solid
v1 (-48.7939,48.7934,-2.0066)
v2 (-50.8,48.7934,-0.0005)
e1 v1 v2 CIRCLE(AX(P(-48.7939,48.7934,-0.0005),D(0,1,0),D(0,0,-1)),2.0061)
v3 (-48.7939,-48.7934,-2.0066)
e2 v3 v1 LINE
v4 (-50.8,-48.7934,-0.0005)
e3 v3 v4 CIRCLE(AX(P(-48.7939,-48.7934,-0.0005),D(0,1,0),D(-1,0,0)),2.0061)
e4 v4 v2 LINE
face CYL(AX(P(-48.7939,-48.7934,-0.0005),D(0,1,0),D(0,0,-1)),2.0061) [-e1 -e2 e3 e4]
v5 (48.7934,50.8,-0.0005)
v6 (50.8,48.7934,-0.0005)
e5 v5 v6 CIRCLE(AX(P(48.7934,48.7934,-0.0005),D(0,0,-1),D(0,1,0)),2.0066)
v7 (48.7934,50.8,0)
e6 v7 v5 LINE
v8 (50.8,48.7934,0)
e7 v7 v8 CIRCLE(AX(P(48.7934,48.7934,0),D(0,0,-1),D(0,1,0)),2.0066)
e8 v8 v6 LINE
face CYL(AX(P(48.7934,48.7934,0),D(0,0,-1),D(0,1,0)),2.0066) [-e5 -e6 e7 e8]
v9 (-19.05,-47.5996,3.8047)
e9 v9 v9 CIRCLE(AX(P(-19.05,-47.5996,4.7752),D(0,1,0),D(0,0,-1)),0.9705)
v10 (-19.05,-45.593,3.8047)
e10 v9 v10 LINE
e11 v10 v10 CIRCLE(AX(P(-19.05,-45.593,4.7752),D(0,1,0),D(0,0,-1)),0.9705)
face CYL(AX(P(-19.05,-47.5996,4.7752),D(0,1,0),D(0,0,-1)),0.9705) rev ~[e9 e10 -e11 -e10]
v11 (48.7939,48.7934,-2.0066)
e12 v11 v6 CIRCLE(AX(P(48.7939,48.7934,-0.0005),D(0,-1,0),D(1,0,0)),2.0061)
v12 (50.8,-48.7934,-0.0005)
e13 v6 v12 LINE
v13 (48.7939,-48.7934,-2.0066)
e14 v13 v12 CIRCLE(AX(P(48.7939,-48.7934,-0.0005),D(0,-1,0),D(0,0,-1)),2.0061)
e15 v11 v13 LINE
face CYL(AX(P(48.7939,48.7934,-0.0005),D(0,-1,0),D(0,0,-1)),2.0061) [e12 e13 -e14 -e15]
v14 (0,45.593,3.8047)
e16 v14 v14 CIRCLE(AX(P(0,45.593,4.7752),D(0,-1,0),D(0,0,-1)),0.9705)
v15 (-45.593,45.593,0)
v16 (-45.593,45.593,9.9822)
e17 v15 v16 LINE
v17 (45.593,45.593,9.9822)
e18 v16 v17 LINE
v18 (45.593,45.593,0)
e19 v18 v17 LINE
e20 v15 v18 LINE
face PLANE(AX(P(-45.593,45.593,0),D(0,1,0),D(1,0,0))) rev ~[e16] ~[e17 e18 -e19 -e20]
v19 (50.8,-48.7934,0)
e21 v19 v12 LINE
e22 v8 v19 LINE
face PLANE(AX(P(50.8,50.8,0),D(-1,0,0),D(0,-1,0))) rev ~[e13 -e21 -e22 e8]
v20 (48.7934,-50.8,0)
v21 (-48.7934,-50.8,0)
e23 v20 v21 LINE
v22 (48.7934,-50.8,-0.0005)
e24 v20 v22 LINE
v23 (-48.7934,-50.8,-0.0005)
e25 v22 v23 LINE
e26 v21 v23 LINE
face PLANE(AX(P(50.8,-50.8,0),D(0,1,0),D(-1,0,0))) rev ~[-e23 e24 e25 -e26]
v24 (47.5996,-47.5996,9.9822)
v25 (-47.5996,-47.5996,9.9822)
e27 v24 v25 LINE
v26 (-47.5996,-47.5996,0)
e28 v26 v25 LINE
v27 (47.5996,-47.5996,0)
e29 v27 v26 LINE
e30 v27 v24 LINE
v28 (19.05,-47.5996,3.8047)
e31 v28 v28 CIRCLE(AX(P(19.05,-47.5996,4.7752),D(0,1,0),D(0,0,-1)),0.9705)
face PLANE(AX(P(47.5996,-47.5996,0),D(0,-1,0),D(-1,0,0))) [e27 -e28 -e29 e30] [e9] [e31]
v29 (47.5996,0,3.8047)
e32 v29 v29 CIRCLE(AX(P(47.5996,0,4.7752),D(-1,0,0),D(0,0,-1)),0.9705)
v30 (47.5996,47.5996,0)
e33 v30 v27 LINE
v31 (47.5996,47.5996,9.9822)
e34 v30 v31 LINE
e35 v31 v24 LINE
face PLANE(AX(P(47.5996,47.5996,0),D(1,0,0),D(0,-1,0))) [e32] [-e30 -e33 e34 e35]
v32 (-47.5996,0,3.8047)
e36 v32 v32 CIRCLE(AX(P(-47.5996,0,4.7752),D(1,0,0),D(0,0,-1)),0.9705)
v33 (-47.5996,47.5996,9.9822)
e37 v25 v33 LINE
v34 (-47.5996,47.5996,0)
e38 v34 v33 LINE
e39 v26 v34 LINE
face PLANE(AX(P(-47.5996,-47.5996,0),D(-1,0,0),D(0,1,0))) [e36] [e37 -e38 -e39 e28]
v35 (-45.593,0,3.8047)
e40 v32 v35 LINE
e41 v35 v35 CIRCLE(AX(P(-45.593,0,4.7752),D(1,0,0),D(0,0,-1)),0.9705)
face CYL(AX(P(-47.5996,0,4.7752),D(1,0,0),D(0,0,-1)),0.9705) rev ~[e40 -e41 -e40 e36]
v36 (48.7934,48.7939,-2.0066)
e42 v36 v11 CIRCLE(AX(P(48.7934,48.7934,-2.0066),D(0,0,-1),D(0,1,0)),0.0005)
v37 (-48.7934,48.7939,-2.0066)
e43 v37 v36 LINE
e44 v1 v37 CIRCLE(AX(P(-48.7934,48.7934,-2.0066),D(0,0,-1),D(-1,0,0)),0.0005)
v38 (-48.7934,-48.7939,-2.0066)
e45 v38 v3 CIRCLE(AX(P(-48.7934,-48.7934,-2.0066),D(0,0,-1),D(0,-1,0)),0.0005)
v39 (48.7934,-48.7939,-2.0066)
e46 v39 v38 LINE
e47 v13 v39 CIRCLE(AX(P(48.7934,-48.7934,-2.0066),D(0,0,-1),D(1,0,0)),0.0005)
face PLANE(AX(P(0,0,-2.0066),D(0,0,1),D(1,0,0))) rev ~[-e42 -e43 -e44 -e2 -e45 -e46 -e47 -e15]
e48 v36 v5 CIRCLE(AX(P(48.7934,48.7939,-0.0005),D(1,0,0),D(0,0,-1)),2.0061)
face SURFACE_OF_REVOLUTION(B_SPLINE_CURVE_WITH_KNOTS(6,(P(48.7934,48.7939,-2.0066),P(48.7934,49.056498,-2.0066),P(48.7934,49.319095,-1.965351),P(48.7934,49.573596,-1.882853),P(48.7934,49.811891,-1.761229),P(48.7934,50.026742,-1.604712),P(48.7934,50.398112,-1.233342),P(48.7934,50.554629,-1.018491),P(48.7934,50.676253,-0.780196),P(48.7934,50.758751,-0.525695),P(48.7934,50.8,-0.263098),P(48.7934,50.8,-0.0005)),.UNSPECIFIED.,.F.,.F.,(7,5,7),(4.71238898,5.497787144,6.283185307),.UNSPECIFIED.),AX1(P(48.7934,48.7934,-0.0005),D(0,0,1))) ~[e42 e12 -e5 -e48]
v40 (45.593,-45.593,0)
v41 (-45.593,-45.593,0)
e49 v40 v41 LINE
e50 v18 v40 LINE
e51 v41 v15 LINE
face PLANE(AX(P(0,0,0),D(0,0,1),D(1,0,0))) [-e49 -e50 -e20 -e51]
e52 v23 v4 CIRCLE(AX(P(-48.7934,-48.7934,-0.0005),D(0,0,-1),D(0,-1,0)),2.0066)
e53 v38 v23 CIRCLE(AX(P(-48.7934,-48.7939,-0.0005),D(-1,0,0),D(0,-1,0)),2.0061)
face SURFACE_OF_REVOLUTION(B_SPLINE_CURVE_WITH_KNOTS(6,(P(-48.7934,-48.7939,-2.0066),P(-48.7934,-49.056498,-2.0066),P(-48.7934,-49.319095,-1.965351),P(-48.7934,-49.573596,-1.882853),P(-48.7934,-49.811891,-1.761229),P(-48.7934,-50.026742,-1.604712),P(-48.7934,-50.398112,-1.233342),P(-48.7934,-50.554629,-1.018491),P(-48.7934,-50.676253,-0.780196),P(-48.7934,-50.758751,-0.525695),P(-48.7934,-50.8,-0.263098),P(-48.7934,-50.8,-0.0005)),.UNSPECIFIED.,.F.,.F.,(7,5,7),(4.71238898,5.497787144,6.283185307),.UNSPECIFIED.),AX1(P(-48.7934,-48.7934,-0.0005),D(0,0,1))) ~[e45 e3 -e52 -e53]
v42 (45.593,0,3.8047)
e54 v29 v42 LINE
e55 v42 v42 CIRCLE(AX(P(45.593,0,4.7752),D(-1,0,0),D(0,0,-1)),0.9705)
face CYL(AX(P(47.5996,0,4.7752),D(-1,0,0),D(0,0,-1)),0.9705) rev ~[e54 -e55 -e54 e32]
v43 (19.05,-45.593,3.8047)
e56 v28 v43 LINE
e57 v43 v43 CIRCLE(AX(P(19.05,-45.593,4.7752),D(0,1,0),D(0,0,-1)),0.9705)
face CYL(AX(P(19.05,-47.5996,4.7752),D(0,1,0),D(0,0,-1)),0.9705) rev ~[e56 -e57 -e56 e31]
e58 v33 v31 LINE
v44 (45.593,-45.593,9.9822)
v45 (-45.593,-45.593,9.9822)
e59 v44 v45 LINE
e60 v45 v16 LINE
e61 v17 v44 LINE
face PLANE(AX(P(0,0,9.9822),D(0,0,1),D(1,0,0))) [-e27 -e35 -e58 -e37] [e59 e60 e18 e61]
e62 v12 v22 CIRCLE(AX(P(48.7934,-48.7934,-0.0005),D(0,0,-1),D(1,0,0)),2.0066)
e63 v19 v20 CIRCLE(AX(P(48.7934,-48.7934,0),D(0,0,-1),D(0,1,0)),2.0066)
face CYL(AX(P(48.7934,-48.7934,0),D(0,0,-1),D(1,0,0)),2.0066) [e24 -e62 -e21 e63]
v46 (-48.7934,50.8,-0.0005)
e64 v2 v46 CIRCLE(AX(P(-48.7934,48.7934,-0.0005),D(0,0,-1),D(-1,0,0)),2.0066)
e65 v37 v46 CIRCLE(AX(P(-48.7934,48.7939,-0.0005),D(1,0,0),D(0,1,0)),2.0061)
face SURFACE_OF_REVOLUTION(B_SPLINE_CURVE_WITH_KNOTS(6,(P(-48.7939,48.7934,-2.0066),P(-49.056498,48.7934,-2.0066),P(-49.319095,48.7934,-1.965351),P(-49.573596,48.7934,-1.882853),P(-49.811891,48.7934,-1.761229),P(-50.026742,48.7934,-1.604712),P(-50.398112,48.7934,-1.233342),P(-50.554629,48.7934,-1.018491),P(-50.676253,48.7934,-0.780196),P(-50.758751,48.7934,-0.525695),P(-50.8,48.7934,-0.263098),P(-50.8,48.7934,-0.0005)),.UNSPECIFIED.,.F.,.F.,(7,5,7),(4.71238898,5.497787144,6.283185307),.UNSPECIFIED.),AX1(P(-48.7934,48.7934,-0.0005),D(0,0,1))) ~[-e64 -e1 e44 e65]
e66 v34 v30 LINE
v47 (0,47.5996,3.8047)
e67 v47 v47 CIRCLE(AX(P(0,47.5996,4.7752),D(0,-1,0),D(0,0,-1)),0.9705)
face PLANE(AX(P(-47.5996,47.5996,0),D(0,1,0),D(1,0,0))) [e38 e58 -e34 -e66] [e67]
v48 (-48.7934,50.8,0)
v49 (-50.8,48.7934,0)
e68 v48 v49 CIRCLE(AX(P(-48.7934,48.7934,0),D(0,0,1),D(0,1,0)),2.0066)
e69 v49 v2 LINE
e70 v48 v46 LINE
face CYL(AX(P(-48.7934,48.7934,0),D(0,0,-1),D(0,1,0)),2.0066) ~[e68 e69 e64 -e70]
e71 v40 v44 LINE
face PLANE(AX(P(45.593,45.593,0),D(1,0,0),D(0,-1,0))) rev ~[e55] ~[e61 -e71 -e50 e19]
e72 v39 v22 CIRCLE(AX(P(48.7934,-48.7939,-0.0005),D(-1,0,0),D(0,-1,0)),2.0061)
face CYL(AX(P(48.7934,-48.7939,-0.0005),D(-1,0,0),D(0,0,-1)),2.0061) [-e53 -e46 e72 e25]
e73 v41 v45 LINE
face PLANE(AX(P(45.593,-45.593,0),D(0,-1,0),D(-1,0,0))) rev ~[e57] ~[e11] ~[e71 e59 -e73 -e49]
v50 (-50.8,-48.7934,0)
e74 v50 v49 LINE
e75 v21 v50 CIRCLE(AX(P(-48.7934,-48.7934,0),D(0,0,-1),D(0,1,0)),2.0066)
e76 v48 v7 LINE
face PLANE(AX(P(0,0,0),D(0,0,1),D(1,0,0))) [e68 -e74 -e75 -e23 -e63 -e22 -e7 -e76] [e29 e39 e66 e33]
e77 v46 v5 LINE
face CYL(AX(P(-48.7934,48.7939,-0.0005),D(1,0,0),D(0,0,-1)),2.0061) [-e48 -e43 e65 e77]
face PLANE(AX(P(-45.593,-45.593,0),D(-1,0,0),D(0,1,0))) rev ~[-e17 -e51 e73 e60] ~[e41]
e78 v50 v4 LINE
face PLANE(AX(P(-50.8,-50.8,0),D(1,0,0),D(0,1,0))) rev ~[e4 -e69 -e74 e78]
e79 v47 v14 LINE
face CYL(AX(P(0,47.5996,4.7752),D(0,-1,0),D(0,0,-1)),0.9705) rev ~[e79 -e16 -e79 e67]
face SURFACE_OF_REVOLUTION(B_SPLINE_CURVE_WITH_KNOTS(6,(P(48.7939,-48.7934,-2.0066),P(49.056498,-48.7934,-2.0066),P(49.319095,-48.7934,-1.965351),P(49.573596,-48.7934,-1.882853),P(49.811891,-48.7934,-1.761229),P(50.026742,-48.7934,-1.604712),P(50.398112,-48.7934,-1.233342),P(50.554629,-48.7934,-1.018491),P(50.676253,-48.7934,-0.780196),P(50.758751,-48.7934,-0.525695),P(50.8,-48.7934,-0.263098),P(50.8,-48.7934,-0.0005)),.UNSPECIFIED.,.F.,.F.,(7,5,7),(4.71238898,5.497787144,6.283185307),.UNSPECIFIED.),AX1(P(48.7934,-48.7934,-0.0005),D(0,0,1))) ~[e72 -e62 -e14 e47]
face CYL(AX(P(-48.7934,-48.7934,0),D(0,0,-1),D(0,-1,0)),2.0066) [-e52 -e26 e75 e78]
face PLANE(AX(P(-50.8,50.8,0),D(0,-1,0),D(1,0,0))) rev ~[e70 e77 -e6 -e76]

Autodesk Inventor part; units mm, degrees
ref_plane "YZ Plane" through (0, 0, 0) normal (1, 0, 0) x (0, 1, 0)
ref_plane "XZ Plane" through (0, 0, 0) normal (0, 1, 0) x (-1, 0, 0)
ref_plane "XY Plane" through (0, 0, 0) normal (0, 0, 1) x (1, 0, 0)
sketch "Skizze1" plane through (0, 0, 0) normal (0, 0, 1) x (1, 0, 0)
  line L0 (-50.8, 50.8) -> (50.8, 50.8)
  line L1 (50.8, 50.8) -> (50.8, -50.8)
  line L2 (50.8, -50.8) -> (-50.8, -50.8)
  line L3 (-50.8, -50.8) -> (-50.8, 50.8)
  line L4 (50.8, -50.8) -> (-50.8, 50.8) construction
  point P0 (0, 0)
  point P1 (0, 0)
  dimension "d0" = 101.6
  dimension "d1" = 101.6
extrude "Extrusion1" add sketch "Skizze1" against normal blind 2.0066
fillet "Rundung1" radius 2.0066 4 edges at (50.8, -50.8, -1.0033) (50.8, 50.8, -1.0033) (-50.8, 50.8, -1.0033) (-50.8, -50.8, -1.0033)
fillet "Rundung2" radius 2.0066 8 edges at (-50.2123, -50.2123, -2.0066) (-50.8, 0, -2.0066) (-50.2123, 50.2123, -2.0066) (0, 50.8, -2.0066) (50.2123, 50.2123, -2.0066) (50.8, 0, -2.0066) (50.2123, -50.2123, -2.0066) (0, -50.8, -2.0066)
sketch "Skizze2" plane through (0, 0, 0) normal (0, 0, 1) x (1, 0, 0)
  line L0 (-47.5996, 47.5996) -> (47.5996, 47.5996)
  line L1 (47.5996, 47.5996) -> (47.5996, -47.5996)
  line L2 (47.5996, -47.5996) -> (-47.5996, -47.5996)
  line L3 (-47.5996, -47.5996) -> (-47.5996, 47.5996)
  line L4 (47.5996, -47.5996) -> (-47.5996, 47.5996) construction
  line L5 (-45.593, 45.593) -> (45.593, 45.593)
  line L6 (45.593, 45.593) -> (45.593, -45.593)
  line L7 (45.593, -45.593) -> (-45.593, -45.593)
  line L8 (-45.593, -45.593) -> (-45.593, 45.593)
  line L9 (-45.593, -45.593) -> (45.593, 45.593) construction
  point P0 (0, 0)
  point P1 (0, 0)
  dimension "d6" = 95.1992
  dimension "d7" = 2.0066
extrude "Extrusion2" add sketch "Skizze2" along normal blind 9.9822
sketch "Skizze3" plane through (47.5996, -47.5996, 0) normal (1, 0, 0) x (0, 0, -1)
  line L0 (0, 95.1992) -> (0, 0) projected
  line L1 (0, 95.1992) -> (-9.9822, 95.1992) projected
  line L2 (-9.9822, 0) -> (-9.9822, 95.1992) projected
  line L3 (0, 0) -> (-9.9822, 0) projected
  line L4 (0, 47.5996) -> (-4.7752, 47.5996) construction
  line L5 (0, 95.1992) -> (0, 0) construction
  dimension "d10" = 4.7752
hole "Bohrung1" at (47.5996, 0, 4.7752) direction (-1, 0, 0) diameter 1.941 depth 7.675 tip angle 118 thread size "3-48 UNC" class "2B" standard "ANSI Unified Screw Threads"
pattern_circular "Runde Anordnung1" count 3 over 180 about axis through (0, 0, -10) along (0, 0, 1) of "Bohrung1"
sketch "Skizze4" plane through (-47.5996, -47.5996, 0) normal (0, -1, 0) x (1, 0, 0)
  line L0 (95.1992, 0) -> (0, 0) projected
  line L1 (95.1992, 0) -> (95.1992, 9.9822) projected
  line L2 (0, 9.9822) -> (95.1992, 9.9822) projected
  line L3 (0, 0) -> (0, 9.9822) projected
  line L4 (47.5996, 0) -> (47.5996, 4.7752) construction
  line L5 (28.5496, 4.7752) -> (66.6496, 4.7752) construction
  dimension "d21" = 4.7752
  dimension "d22" = 38.1
hole "Bohrung2" at (-19.05, -47.5996, 4.7752) at (19.05, -47.5996, 4.7752) direction (0, 1, 0) diameter 1.941 depth 7.675 tip angle 118 thread size "3-48 UNC" class "2B" standard "ANSI Unified Screw Threads"
properties part number "Nanolab CubeDeckel 1"
